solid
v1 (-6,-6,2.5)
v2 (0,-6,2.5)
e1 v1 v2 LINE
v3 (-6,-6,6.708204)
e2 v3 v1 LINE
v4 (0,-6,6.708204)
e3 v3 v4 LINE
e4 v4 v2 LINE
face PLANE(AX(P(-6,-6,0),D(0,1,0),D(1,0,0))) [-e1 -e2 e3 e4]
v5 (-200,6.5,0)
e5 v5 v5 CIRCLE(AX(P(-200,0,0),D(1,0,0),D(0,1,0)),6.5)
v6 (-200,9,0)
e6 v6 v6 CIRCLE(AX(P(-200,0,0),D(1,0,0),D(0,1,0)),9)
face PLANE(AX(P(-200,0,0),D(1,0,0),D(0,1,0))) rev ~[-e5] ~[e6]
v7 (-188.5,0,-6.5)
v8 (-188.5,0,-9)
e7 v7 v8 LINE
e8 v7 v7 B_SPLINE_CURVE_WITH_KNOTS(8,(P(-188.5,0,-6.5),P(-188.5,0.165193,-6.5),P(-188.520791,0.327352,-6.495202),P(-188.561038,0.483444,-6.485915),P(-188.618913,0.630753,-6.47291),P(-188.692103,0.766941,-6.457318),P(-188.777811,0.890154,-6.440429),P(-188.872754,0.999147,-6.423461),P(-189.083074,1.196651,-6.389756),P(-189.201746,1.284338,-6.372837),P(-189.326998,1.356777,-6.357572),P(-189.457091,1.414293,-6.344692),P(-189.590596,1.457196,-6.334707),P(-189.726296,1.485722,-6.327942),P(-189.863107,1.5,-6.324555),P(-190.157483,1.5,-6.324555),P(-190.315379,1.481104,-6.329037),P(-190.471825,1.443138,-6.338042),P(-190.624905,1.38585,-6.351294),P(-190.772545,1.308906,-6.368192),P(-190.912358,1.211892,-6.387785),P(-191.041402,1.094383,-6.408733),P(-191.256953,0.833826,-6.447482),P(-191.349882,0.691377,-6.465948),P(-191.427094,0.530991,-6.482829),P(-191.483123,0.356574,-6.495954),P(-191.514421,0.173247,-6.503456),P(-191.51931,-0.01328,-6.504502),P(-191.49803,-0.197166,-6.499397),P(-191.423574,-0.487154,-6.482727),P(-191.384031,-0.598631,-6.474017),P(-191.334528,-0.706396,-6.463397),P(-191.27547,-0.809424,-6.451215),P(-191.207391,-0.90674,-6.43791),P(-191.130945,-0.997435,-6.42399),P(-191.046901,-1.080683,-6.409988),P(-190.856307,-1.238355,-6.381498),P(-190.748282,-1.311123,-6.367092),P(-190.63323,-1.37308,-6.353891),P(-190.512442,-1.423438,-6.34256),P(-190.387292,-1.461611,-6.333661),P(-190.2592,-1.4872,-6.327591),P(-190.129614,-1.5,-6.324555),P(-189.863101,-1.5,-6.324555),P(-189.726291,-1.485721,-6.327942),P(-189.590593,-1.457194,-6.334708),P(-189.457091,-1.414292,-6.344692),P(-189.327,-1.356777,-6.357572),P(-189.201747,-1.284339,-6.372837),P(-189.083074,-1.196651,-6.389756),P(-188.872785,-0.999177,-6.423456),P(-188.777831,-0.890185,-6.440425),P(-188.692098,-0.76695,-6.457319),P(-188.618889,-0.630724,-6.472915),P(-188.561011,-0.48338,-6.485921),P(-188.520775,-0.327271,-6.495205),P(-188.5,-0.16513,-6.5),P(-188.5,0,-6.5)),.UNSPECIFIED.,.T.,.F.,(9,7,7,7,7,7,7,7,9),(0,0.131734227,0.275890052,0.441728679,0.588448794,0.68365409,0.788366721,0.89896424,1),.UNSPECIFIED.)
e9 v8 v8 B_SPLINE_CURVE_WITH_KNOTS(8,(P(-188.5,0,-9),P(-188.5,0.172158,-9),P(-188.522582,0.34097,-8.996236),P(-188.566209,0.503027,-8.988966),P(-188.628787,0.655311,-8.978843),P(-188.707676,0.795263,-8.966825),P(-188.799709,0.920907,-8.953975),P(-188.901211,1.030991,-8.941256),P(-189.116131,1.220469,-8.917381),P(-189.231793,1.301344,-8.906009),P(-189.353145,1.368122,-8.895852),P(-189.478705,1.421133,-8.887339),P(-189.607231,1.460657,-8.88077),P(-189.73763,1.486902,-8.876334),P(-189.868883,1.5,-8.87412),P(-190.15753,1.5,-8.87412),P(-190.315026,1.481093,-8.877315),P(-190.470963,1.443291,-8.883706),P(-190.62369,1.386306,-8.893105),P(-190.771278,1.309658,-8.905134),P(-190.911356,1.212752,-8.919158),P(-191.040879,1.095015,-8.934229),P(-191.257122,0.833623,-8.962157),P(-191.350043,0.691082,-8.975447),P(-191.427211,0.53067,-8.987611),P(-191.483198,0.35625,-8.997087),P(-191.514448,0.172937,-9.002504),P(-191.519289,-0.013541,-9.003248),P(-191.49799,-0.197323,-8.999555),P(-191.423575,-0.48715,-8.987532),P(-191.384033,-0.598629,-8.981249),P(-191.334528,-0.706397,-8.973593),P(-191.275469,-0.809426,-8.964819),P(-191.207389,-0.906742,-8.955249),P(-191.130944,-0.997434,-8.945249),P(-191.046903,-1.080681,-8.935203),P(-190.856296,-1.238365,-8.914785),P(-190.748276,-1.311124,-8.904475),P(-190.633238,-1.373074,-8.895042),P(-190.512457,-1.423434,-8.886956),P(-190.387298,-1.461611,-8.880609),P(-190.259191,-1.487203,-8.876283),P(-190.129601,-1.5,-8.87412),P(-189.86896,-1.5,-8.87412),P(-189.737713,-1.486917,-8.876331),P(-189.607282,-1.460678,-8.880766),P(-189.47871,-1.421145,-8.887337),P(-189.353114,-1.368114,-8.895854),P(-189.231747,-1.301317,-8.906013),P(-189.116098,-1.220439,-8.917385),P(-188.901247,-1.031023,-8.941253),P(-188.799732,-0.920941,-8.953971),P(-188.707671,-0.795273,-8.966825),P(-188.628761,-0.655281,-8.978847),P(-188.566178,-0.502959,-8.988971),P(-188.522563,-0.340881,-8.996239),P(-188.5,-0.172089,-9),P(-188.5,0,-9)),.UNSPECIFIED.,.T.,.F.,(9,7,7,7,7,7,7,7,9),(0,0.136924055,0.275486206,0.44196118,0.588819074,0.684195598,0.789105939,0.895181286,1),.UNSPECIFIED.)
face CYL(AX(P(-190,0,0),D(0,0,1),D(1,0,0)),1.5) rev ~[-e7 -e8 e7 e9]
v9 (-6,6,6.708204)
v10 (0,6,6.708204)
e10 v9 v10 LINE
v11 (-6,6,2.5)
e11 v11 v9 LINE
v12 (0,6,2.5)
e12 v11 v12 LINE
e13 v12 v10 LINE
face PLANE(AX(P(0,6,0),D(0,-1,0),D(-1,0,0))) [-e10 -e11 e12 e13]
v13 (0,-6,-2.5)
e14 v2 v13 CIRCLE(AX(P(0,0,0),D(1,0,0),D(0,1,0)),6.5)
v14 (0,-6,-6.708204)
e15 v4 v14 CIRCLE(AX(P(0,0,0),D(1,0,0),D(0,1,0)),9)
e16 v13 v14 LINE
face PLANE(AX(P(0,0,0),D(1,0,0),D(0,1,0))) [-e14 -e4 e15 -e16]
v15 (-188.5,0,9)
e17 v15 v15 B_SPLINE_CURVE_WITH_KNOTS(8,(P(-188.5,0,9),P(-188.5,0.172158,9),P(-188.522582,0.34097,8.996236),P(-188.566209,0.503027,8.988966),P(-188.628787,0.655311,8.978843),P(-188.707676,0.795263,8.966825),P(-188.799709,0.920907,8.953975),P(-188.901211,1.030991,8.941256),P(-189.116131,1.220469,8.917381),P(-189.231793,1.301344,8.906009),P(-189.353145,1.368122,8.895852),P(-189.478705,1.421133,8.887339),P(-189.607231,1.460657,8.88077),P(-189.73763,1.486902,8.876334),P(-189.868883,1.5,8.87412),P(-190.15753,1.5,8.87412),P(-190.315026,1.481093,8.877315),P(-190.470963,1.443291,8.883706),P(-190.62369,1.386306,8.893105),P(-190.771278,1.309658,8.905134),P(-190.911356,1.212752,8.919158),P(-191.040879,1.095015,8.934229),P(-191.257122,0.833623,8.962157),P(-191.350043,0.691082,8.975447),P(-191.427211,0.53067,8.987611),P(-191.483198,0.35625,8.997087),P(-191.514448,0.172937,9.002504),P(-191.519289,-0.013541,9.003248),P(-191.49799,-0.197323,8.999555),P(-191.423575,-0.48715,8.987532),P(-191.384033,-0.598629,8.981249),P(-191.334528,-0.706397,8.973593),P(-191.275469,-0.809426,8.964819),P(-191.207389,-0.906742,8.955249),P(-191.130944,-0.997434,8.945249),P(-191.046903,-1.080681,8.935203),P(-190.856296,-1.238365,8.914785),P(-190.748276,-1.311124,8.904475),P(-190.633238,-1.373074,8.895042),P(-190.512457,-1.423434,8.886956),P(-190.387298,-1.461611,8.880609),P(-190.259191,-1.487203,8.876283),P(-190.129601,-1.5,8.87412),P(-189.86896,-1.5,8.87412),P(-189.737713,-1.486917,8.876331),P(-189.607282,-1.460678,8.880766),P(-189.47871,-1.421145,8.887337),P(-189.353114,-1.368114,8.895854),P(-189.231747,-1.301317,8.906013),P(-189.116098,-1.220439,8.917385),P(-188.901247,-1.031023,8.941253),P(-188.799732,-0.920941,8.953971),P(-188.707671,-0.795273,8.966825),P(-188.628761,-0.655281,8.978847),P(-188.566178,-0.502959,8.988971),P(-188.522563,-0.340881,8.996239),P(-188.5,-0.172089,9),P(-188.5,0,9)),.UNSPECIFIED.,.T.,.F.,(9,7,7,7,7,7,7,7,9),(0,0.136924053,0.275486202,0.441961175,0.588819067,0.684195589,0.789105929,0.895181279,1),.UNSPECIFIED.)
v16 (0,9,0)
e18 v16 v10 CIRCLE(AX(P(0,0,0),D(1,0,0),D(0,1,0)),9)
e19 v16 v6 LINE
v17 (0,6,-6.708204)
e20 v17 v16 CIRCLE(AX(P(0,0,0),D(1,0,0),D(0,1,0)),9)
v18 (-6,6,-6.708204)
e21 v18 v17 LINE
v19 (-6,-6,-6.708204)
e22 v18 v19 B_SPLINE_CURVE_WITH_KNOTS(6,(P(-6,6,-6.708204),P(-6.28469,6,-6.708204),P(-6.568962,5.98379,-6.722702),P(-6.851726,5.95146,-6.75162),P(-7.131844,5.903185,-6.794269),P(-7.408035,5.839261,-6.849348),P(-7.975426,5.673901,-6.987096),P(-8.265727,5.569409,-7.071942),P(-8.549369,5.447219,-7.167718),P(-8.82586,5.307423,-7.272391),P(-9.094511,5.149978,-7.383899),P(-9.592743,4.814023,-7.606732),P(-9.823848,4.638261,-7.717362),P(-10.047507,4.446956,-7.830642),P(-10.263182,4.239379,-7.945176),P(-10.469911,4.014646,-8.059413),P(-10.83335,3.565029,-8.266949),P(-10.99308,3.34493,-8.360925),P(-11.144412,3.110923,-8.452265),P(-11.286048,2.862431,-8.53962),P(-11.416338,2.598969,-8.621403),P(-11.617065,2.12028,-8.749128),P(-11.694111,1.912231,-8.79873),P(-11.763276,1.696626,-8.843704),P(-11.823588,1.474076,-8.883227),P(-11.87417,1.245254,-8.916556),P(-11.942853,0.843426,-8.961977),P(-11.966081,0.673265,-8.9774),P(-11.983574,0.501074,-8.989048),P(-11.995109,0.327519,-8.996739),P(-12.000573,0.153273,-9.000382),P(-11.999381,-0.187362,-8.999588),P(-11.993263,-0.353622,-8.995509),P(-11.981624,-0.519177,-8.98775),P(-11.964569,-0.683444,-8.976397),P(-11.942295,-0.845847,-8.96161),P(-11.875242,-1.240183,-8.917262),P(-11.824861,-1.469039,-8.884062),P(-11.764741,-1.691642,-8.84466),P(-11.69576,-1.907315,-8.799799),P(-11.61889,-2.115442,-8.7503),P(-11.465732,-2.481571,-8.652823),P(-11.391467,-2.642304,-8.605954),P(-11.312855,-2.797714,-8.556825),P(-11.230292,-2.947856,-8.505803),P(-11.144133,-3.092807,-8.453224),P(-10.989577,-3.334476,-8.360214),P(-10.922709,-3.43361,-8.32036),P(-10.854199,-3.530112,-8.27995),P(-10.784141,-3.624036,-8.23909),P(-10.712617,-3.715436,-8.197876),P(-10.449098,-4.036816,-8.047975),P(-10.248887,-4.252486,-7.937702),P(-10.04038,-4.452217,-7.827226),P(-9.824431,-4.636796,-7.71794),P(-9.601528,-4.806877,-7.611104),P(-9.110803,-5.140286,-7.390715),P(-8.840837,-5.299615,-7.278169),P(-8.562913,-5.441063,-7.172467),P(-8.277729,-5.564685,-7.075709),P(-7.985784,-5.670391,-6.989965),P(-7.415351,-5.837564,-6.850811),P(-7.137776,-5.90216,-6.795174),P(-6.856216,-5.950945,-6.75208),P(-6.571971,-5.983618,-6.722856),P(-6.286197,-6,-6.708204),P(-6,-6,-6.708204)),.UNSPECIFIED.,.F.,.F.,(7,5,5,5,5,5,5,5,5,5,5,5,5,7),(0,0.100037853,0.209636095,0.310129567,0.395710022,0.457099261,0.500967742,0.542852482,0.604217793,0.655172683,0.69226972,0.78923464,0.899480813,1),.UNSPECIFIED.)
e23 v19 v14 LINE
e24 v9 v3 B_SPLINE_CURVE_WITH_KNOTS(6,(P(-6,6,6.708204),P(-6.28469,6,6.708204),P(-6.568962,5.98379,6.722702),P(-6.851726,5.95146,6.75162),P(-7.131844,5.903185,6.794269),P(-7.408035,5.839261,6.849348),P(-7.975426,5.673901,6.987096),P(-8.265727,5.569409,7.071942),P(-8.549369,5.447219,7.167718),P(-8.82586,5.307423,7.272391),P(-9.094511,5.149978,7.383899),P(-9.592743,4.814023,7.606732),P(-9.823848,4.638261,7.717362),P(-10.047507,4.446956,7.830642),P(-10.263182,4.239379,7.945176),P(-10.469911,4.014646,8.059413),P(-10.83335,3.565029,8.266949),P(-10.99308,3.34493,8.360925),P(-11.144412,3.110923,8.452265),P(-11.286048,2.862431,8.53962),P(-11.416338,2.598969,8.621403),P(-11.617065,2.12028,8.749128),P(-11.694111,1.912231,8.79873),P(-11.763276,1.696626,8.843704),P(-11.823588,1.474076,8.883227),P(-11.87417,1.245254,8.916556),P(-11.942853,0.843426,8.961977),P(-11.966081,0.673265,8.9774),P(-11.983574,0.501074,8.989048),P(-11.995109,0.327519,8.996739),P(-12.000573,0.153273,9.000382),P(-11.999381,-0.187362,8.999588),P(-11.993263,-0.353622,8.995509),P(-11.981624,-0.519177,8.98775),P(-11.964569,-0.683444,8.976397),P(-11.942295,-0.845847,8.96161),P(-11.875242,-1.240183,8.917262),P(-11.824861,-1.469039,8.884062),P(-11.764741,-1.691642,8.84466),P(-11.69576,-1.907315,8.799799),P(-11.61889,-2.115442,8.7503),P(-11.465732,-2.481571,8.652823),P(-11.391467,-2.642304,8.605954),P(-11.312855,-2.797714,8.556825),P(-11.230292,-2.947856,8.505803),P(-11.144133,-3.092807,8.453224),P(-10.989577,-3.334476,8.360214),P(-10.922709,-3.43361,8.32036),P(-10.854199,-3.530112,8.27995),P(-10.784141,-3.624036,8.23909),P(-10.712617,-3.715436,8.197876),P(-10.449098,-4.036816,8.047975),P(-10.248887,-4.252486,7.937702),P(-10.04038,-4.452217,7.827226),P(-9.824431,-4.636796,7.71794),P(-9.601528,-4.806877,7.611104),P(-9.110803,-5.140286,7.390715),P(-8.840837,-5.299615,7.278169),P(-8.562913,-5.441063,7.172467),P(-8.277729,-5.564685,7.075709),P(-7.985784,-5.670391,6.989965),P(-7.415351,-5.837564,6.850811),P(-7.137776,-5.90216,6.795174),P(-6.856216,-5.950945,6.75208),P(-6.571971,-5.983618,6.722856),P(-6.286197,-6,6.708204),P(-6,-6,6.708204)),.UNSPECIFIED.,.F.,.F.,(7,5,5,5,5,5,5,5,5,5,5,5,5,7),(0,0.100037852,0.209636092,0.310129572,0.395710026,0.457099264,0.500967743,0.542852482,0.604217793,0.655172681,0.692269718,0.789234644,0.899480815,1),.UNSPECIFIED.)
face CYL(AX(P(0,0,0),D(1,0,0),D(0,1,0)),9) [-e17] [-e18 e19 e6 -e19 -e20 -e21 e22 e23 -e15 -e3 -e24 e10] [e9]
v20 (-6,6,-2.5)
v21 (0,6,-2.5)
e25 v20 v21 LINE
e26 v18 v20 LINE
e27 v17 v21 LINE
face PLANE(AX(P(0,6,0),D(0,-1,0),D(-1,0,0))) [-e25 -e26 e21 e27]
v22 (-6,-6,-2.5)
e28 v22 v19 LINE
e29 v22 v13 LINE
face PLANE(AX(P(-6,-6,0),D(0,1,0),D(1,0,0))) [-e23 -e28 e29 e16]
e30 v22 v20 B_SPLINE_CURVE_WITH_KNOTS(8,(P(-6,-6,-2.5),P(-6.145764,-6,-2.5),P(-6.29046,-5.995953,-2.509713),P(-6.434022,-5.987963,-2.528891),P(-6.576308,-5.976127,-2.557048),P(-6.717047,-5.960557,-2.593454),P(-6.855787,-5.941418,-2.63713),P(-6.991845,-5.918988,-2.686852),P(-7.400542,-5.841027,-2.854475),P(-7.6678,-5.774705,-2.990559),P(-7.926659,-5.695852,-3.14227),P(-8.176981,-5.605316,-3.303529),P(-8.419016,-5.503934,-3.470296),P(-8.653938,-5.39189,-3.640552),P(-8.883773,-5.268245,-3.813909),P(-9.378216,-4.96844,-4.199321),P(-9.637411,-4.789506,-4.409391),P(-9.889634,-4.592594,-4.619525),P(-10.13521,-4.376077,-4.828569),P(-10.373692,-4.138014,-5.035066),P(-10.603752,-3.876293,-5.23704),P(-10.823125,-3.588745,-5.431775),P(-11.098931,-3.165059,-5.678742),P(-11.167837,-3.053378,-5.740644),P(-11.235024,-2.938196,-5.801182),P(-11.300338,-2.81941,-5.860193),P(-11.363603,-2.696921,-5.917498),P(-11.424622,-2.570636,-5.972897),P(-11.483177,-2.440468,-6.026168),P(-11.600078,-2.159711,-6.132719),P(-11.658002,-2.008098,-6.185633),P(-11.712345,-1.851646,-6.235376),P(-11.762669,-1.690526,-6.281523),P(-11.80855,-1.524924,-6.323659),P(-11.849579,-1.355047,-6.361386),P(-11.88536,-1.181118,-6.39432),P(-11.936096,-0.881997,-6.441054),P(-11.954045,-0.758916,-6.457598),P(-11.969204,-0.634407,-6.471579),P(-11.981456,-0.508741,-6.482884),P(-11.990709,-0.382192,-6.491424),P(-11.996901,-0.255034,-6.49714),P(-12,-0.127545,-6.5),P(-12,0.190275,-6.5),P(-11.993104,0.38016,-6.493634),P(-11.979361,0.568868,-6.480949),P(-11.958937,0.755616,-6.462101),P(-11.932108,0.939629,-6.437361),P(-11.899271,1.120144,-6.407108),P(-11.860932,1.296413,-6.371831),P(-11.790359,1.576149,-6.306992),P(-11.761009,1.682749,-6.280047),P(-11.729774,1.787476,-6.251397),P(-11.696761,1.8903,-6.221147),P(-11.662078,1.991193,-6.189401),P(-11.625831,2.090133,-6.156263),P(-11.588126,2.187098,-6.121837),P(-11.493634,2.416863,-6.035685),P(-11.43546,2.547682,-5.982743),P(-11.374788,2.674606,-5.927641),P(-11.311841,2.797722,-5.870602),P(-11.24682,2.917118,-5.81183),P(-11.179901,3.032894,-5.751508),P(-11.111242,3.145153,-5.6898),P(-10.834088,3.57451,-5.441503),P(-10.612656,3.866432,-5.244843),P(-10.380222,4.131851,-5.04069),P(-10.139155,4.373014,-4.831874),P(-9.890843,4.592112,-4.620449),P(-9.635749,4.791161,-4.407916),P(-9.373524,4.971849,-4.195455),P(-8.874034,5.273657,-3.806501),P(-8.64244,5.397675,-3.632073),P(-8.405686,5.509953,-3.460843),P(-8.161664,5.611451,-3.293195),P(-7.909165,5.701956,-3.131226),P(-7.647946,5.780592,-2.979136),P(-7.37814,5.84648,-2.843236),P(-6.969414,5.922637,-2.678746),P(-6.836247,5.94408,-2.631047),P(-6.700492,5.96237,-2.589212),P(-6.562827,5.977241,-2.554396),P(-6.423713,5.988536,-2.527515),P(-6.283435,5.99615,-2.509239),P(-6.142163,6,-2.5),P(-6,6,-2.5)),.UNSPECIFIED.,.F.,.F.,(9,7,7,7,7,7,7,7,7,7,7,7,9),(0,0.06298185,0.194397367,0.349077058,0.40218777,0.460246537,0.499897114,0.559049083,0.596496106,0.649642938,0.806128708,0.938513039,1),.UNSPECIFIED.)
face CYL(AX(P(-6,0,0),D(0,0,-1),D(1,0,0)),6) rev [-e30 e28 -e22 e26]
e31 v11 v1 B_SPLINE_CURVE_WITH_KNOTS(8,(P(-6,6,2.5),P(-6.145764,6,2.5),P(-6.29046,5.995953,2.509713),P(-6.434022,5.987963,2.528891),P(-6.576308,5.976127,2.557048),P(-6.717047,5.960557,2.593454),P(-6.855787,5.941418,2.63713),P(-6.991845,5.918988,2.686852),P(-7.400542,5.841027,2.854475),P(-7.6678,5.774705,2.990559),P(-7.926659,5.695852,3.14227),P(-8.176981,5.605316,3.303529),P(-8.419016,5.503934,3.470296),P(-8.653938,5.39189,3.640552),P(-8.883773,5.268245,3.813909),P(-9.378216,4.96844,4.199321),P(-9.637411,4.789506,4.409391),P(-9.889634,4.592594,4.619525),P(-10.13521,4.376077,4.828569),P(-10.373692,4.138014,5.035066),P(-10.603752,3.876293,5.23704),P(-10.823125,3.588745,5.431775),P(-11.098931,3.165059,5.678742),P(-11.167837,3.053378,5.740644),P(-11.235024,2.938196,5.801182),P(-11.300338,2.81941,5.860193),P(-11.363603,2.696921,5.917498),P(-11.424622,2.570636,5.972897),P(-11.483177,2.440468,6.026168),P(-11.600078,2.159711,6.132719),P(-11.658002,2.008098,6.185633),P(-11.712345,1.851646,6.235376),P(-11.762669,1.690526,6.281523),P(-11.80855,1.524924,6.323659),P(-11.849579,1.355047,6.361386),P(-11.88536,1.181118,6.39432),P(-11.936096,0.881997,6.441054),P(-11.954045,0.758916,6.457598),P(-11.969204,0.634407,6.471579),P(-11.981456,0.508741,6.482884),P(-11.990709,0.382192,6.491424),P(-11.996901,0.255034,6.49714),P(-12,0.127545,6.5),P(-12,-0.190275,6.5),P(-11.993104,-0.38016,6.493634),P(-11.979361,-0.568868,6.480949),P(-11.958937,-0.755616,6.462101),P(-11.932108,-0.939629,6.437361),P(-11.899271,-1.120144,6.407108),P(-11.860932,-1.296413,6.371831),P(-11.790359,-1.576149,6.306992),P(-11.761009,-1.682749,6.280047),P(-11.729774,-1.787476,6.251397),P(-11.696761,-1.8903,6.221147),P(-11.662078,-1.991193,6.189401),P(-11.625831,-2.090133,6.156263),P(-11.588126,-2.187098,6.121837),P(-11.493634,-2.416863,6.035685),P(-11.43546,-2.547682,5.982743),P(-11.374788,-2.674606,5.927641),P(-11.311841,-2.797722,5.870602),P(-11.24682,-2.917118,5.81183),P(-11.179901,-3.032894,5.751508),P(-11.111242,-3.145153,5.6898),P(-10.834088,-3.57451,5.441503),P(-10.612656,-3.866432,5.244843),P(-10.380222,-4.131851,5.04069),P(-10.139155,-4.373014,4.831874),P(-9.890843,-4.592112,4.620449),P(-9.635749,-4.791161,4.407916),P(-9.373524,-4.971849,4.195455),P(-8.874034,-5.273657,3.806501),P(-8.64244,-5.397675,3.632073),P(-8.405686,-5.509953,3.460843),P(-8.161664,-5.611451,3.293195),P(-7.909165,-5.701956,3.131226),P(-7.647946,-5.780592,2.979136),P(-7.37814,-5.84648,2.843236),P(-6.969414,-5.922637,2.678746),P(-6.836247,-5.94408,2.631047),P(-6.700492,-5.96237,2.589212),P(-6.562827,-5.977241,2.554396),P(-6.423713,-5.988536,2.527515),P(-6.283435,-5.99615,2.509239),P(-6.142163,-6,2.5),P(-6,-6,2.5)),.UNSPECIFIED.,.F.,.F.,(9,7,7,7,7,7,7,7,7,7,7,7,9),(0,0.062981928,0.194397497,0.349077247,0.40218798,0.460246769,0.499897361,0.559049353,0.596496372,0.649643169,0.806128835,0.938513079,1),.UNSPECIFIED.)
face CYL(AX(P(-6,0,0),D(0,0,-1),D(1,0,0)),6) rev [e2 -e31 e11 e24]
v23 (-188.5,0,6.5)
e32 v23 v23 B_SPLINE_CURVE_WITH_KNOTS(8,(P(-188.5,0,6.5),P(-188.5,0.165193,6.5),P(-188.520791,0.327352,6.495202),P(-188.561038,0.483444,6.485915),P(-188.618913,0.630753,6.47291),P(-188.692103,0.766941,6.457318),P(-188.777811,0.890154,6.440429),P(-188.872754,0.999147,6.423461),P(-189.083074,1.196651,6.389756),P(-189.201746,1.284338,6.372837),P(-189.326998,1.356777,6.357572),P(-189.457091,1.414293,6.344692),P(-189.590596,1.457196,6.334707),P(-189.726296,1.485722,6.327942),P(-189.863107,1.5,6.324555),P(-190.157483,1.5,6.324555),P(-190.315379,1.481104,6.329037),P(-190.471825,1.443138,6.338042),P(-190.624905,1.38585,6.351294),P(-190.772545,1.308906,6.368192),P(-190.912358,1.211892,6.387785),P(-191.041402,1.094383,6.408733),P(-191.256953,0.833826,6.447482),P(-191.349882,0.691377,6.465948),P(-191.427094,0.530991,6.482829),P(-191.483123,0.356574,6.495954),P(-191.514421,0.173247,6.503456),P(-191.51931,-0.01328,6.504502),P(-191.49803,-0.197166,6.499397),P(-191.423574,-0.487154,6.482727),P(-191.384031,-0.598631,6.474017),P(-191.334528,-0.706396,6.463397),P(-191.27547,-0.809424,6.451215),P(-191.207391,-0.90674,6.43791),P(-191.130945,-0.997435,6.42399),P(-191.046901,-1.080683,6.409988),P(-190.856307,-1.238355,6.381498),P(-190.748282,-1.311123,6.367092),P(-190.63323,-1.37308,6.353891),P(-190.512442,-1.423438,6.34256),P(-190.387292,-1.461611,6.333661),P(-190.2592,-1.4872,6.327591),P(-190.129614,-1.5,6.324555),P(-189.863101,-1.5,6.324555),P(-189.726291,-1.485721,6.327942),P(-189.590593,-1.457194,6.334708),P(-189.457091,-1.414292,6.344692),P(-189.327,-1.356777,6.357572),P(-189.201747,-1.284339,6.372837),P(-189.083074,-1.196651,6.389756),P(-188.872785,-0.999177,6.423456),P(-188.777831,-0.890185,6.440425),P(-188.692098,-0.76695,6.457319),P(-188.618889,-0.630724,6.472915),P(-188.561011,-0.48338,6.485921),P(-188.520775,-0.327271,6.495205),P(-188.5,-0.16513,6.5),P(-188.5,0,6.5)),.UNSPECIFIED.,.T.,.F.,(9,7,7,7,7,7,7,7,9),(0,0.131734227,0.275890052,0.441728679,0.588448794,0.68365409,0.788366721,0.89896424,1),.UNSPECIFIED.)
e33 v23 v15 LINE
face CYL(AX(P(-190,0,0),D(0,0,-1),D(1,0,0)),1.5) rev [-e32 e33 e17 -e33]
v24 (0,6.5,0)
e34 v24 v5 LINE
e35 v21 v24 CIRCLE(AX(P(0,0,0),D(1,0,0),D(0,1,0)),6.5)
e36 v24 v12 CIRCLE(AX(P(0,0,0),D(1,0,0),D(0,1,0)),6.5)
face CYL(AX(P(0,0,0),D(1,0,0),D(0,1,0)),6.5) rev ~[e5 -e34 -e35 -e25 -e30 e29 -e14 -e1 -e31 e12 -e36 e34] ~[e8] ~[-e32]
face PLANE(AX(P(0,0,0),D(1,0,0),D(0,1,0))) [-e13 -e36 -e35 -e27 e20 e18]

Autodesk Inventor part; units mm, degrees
ref_plane "YZ Plane" through (0, 0, 0) normal (1, 0, 0) x (0, 1, 0)
ref_plane "XZ Plane" through (0, 0, 0) normal (0, 1, 0) x (-1, 0, 0)
ref_plane "XY Plane" through (0, 0, 0) normal (0, 0, 1) x (1, 0, 0)
sketch "スケッチ1" plane through (0, 0, 0) normal (1, 0, 0) x (0, 1, 0)
  circle A0 centre (0, 0) radius 9
  circle A1 centre (0, 0) radius 6.5
  dimension "d0" = 18
  dimension "d1" = 13
extrude "押し出し1" add sketch "スケッチ1" against normal blind 200
sketch "スケッチ2" plane through (0, 0, 0) normal (0, 1, 0) x (-1, 0, 0)
  point P0 (0, 0)
sketch "スケッチ3" plane through (0, 0, 0) normal (0, 0, 1) x (1, 0, 0)
  line L0 (0, 0) -> (0, 6)
  line L1 (0, 6.5) -> (0, -6.5) projected
  line L2 (0, 6) -> (-6, 6)
  line L3 (-6, 6) -> (-6, -6)
  line L4 (-6, -6) -> (0, -6)
  line L5 (0, -6) -> (0, 0)
  dimension "d4" = 6
  dimension "d5" = 6
  dimension "d6" = 12
extrude "押し出し2" cut sketch "スケッチ3" along normal mid plane 200
sketch "スケッチ4" plane through (0, 0, 0) normal (0, 0, 1) x (1, 0, 0)
  line L0 (-6, -6) -> (-6, 6) projected
  line L1 (0, 6) -> (-6, 6) projected
  circle A0 centre (-6, 0) radius 6
  point P0 (0, 0)
extrude "押し出し3" cut sketch "スケッチ4" along normal mid plane 200 contours A0 L0 picked at (-9.4508, 1.581)
sketch "スケッチ5" plane through (0, 0, 0) normal (0, 0, 1) x (1, 0, 0)
  circle A0 centre (-190, 0) radius 1.5
  point P0 (0, 0)
  dimension "d11" = 3
extrude "押し出し4" cut sketch "スケッチ5" along normal mid plane 200
thread "ねじ1" size "M3x0.5" class "6H" standard "ANSI Metric M Profile" full length
thread "ねじ2" size "M3x0.5" class "6H" standard "ANSI Metric M Profile" full length
properties part number "vp13_200" material "PVC 配管"
